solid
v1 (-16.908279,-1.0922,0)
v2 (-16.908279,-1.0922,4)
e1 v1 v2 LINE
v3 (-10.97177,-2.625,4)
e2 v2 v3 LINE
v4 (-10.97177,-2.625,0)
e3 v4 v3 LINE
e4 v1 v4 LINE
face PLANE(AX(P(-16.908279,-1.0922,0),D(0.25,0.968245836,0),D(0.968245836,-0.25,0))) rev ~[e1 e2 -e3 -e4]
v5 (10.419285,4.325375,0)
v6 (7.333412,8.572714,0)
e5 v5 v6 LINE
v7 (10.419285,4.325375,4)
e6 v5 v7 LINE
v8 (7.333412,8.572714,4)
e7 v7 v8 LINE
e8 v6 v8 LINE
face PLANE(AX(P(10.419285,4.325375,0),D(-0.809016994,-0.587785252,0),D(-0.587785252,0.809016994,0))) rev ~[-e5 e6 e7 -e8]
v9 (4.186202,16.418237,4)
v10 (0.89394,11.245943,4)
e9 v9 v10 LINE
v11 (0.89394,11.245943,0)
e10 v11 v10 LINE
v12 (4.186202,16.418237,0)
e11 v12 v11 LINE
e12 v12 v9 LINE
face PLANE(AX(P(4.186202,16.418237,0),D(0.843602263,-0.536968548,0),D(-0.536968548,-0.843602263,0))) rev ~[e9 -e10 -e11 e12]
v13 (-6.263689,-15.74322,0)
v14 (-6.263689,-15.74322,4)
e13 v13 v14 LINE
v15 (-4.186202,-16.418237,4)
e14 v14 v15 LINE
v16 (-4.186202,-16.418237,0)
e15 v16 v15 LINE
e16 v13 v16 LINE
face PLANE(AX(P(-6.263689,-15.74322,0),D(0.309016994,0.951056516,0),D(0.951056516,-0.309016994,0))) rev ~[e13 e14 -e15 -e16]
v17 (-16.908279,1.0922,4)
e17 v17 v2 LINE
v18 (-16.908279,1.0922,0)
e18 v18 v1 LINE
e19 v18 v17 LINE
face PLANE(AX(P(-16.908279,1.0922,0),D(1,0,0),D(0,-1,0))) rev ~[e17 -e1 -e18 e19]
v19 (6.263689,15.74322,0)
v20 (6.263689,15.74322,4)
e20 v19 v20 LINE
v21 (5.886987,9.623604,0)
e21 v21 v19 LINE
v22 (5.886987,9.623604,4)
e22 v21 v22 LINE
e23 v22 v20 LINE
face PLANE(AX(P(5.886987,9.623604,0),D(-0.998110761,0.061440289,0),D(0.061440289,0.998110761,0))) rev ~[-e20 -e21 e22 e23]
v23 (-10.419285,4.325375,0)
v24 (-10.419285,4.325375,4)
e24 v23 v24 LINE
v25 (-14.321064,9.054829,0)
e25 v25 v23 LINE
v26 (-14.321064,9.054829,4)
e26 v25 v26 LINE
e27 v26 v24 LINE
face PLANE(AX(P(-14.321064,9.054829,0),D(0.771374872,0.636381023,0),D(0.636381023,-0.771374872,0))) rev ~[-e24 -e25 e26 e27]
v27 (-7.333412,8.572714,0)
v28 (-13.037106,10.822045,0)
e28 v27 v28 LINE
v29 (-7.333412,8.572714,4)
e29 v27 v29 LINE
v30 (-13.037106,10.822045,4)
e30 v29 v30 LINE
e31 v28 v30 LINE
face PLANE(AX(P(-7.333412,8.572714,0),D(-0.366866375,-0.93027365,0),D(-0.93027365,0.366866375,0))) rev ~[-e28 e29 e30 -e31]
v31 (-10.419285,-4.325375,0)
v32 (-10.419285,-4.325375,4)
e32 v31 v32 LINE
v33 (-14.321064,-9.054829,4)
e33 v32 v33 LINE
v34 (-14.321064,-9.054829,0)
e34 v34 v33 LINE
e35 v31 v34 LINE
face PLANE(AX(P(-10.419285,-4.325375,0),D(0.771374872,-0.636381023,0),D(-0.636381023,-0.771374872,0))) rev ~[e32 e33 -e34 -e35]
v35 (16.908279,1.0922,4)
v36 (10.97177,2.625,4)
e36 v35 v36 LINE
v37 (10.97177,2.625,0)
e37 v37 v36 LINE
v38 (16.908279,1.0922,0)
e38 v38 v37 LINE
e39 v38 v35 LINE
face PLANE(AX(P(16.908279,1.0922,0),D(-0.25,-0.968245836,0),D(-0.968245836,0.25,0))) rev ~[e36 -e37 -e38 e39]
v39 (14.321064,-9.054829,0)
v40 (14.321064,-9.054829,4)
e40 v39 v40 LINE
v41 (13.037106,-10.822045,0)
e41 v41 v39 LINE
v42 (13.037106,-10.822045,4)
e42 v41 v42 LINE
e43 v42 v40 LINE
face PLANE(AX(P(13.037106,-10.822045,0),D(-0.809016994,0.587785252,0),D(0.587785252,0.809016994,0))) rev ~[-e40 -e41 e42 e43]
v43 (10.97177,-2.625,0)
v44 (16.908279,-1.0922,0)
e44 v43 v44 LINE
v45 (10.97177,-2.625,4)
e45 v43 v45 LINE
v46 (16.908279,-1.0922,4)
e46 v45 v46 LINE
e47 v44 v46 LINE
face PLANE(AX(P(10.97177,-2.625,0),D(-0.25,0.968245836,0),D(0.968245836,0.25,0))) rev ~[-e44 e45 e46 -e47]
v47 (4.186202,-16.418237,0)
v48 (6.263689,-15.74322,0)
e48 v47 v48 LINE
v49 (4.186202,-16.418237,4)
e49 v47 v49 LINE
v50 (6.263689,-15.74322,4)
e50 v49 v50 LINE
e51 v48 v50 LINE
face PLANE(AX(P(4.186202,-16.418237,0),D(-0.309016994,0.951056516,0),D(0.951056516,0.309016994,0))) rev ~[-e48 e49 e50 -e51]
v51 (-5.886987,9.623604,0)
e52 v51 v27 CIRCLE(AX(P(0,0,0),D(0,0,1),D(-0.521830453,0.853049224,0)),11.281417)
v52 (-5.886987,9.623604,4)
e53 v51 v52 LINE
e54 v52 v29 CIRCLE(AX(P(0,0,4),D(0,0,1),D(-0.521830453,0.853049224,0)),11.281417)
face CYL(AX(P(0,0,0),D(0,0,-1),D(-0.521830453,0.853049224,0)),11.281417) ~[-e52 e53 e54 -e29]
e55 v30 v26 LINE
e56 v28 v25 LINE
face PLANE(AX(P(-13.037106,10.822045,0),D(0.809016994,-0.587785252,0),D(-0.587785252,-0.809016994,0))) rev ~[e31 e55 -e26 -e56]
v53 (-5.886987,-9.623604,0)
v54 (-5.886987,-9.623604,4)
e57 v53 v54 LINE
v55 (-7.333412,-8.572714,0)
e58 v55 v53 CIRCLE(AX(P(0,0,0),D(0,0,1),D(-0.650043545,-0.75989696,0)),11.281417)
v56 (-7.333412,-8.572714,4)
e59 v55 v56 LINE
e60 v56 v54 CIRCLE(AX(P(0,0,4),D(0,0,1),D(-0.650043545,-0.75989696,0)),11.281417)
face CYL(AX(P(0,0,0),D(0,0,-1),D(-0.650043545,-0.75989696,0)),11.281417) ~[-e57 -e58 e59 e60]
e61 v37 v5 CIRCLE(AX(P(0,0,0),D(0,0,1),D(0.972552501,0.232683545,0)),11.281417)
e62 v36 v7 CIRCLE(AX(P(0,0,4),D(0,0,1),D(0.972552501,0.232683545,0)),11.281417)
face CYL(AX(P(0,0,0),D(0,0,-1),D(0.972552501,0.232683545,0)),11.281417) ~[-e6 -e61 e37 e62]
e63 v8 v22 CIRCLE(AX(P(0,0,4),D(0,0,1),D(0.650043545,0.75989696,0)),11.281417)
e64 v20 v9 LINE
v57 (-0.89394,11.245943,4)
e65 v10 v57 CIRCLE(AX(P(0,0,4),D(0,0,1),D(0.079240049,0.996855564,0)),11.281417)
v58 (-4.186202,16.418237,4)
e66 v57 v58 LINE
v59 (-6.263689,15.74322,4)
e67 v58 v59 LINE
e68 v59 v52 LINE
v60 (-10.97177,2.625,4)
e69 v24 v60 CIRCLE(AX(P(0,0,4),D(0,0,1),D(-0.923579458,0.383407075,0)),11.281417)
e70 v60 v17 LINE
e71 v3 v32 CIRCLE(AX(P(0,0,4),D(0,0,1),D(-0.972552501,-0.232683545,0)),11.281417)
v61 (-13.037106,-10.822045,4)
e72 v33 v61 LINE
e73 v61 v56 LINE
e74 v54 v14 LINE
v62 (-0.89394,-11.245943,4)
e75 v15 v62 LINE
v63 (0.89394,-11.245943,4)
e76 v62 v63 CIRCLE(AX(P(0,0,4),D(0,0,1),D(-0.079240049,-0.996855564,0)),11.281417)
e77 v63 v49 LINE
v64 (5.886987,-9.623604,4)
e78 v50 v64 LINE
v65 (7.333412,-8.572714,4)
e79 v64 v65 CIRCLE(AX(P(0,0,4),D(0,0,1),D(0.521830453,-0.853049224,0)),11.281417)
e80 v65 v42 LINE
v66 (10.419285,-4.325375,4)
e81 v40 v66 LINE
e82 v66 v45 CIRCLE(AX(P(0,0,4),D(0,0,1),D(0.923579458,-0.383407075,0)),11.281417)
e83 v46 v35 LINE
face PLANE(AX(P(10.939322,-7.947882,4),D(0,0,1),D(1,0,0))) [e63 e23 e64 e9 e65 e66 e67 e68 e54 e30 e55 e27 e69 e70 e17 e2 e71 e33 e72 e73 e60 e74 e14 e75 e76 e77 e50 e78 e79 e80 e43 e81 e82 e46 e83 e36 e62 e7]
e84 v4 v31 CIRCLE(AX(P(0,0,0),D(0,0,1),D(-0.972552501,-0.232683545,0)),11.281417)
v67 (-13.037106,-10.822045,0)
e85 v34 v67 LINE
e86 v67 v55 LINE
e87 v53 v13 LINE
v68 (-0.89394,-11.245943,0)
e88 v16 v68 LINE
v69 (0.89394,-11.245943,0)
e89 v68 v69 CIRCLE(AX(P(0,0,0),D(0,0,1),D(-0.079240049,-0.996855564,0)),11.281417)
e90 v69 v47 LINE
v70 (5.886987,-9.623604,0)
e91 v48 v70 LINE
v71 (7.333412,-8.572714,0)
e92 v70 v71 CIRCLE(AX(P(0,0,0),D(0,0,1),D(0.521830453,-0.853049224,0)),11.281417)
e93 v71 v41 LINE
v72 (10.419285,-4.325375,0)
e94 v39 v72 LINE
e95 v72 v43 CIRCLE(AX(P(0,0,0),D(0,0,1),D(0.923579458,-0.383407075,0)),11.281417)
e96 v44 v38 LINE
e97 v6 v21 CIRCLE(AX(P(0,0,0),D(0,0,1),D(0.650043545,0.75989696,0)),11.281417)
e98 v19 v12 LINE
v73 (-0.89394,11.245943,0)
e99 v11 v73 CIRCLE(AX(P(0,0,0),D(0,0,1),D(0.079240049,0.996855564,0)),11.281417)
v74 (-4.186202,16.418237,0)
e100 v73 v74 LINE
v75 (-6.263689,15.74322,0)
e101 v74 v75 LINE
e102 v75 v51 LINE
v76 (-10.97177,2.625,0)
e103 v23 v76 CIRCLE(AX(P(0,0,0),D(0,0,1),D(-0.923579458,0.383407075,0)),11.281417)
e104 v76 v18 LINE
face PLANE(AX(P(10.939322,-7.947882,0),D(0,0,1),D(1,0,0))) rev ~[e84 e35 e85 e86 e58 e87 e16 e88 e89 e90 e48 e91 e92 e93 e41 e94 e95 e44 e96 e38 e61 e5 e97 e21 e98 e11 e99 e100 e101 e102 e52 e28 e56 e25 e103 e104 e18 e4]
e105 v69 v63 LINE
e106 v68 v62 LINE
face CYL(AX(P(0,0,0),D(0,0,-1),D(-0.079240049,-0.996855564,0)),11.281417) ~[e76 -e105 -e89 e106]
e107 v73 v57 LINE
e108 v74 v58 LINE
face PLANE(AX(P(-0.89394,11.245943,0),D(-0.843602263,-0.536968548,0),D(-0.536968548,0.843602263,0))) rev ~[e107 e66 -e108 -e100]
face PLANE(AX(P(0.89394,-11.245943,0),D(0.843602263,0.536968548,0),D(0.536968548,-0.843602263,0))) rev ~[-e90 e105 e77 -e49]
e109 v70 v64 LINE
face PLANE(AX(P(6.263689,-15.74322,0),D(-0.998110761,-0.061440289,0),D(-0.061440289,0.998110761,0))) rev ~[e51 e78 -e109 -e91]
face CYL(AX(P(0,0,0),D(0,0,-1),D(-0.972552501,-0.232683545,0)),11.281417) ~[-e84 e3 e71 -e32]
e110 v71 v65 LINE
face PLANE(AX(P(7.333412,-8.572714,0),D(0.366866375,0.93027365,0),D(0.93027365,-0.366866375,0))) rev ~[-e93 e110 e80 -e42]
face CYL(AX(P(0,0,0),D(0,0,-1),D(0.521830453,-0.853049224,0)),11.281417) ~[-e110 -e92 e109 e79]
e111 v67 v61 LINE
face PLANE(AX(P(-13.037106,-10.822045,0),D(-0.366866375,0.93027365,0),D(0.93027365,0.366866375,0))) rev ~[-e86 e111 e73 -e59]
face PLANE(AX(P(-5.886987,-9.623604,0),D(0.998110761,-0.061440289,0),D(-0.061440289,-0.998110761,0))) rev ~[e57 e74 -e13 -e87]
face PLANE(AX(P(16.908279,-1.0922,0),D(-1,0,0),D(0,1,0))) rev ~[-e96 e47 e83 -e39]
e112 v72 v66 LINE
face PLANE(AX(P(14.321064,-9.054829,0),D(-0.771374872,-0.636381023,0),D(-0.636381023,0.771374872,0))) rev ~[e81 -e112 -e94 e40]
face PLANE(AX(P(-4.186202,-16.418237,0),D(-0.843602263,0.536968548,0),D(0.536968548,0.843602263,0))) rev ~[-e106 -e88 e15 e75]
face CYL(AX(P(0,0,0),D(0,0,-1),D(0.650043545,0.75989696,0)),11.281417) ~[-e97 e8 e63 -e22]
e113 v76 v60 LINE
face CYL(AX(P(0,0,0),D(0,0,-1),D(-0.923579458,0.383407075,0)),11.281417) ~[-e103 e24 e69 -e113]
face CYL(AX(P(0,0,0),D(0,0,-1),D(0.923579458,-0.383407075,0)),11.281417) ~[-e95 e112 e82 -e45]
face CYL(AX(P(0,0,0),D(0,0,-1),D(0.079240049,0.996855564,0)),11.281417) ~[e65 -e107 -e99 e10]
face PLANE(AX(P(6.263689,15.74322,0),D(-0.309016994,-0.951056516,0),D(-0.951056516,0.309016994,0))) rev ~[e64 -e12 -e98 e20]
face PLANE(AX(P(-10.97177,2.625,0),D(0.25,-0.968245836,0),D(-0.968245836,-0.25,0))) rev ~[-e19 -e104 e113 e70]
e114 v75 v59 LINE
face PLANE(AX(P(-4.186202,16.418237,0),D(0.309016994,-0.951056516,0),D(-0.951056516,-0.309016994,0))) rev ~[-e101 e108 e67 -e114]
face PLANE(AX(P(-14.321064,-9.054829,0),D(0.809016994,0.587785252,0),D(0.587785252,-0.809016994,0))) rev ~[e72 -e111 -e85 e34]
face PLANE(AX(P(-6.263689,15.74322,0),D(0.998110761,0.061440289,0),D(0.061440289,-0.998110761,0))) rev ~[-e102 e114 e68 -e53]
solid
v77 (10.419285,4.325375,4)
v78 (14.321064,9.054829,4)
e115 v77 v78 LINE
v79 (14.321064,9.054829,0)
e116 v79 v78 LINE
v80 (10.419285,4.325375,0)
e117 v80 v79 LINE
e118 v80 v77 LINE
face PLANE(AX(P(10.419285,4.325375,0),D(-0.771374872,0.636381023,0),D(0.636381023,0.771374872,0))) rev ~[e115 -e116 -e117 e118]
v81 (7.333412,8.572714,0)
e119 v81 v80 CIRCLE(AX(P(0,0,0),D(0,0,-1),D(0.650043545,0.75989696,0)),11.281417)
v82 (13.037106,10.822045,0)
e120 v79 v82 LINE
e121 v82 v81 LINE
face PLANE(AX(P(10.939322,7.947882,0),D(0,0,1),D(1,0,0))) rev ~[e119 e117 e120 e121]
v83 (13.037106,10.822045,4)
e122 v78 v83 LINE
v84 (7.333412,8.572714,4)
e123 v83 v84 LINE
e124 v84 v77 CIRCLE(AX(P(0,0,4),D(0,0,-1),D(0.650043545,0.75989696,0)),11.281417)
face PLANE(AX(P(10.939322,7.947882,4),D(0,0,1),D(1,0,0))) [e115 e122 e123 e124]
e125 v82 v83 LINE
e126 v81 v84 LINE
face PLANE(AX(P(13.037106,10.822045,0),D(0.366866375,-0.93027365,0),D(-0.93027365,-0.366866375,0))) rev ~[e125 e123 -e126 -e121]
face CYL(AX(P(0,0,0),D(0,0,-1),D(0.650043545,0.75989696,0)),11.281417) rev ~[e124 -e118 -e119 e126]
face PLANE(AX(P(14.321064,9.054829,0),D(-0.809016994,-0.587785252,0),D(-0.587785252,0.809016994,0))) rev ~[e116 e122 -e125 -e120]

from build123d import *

# Parameters (mm, degrees)
F1_DEPTH = 4


with BuildPart() as f1:
    # F0 (on Top) → F1 (new body)
    with BuildSketch(Plane.XY):
        with BuildLine():
            Line((14.321063915, -9.0548285355), (10.419284589, -4.3253749244))
            ThreePointArc((10.419284589, -4.3253749244), (9.126857717, -6.6310502785), (7.3334120145, -8.5727141448))
            Line((7.3334120145, -8.5727141448), (13.0371058099, -10.822045258))
            Line((13.0371058099, -10.822045258), (14.321063915, -9.0548285355))
        make_face()
        with BuildLine():
            ThreePointArc((10.9717698929, -2.625), (11.2037374598, -1.3215999828), (11.2814165592, 0))
            ThreePointArc((11.2814165592, 0), (11.2037374598, 1.3215999828), (10.9717698929, 2.625))
            ThreePointArc((10.9717698929, 2.625), (10.7292647317, 3.4861494374), (10.419284589, 4.3253749244))
            Line((10.419284589, 4.3253749244), (7.3334120145, 8.5727141448))
            ThreePointArc((7.3334120145, 8.5727141448), (6.6310502785, 9.126857717), (5.8869867105, 9.6236036417))
            ThreePointArc((5.8869867105, 9.6236036417), (3.4861494374, 10.7292647317), (0.89394, 11.2459428622))
            ThreePointArc((0.89394, 11.2459428622), (0, 11.2814165592), (-0.89394, 11.2459428622))
            ThreePointArc((-0.89394, 11.2459428622), (-3.4861494374, 10.7292647317), (-5.8869867105, 9.6236036417))
            ThreePointArc((-5.8869867105, 9.6236036417), (-6.6310502785, 9.126857717), (-7.3334120145, 8.5727141448))
            ThreePointArc((-7.3334120145, 8.5727141448), (-9.126857717, 6.6310502785), (-10.419284589, 4.3253749244))
            ThreePointArc((-10.419284589, 4.3253749244), (-10.7292647317, 3.4861494374), (-10.9717698929, 2.625))
            ThreePointArc((-10.9717698929, 2.625), (-11.2814165592, 0), (-10.9717698929, -2.625))
            ThreePointArc((-10.9717698929, -2.625), (-10.7292647317, -3.4861494374), (-10.419284589, -4.3253749244))
            ThreePointArc((-10.419284589, -4.3253749244), (-9.126857717, -6.6310502785), (-7.3334120145, -8.5727141448))
            ThreePointArc((-7.3334120145, -8.5727141448), (-6.6310502785, -9.126857717), (-5.8869867105, -9.6236036417))
            ThreePointArc((-5.8869867105, -9.6236036417), (-3.4861494374, -10.7292647317), (-0.89394, -11.2459428622))
            ThreePointArc((-0.89394, -11.2459428622), (0, -11.2814165592), (0.89394, -11.2459428622))
            ThreePointArc((0.89394, -11.2459428622), (3.4861494374, -10.7292647317), (5.8869867105, -9.6236036417))
            ThreePointArc((5.8869867105, -9.6236036417), (6.6310502785, -9.126857717), (7.3334120145, -8.5727141448))
            ThreePointArc((7.3334120145, -8.5727141448), (9.126857717, -6.6310502785), (10.419284589, -4.3253749244))
            ThreePointArc((10.419284589, -4.3253749244), (10.7292647317, -3.4861494374), (10.9717698929, -2.625))
        make_face()
        with BuildLine():
            ThreePointArc((10.9717698929, 2.625), (11.2037374598, 1.3215999828), (11.2814165592, 0))
            ThreePointArc((11.2814165592, 0), (11.2037374598, -1.3215999828), (10.9717698929, -2.625))
            Line((10.9717698929, -2.625), (16.9082787599, -1.0922))
            Line((16.9082787599, -1.0922), (16.9082787599, 1.0922))
            Line((16.9082787599, 1.0922), (10.9717698929, 2.625))
        make_face()
        with BuildLine():
            ThreePointArc((0.89394, 11.2459428622), (3.4861494374, 10.7292647317), (5.8869867105, 9.6236036417))
            Line((5.8869867105, 9.6236036417), (6.2636894095, 15.7432203327))
            Line((6.2636894095, 15.7432203327), (4.1862015554, 16.4182370552))
            Line((4.1862015554, 16.4182370552), (0.89394, 11.2459428622))
        make_face()
        with BuildLine():
            ThreePointArc((-5.8869867105, 9.6236036417), (-3.4861494374, 10.7292647317), (-0.89394, 11.2459428622))
            Line((-0.89394, 11.2459428622), (-4.1862015554, 16.4182370552))
            Line((-4.1862015554, 16.4182370552), (-6.2636894095, 15.7432203327))
            Line((-6.2636894095, 15.7432203327), (-5.8869867105, 9.6236036417))
        make_face()
        with BuildLine():
            Line((6.2636894095, -15.7432203327), (5.8869867105, -9.6236036417))
            ThreePointArc((5.8869867105, -9.6236036417), (3.4861494374, -10.7292647317), (0.89394, -11.2459428622))
            Line((0.89394, -11.2459428622), (4.1862015554, -16.4182370552))
            Line((4.1862015554, -16.4182370552), (6.2636894095, -15.7432203327))
        make_face()
        with BuildLine():
            Line((-4.1862015554, -16.4182370552), (-0.89394, -11.2459428622))
            ThreePointArc((-0.89394, -11.2459428622), (-3.4861494374, -10.7292647317), (-5.8869867105, -9.6236036417))
            Line((-5.8869867105, -9.6236036417), (-6.2636894095, -15.7432203327))
            Line((-6.2636894095, -15.7432203327), (-4.1862015554, -16.4182370552))
        make_face()
        with BuildLine():
            Line((-13.0371058099, -10.822045258), (-7.3334120145, -8.5727141448))
            ThreePointArc((-7.3334120145, -8.5727141448), (-9.126857717, -6.6310502785), (-10.419284589, -4.3253749244))
            Line((-10.419284589, -4.3253749244), (-14.321063915, -9.0548285355))
            Line((-14.321063915, -9.0548285355), (-13.0371058099, -10.822045258))
        make_face()
        with BuildLine():
            ThreePointArc((-10.9717698929, -2.625), (-11.2814165592, 0), (-10.9717698929, 2.625))
            Line((-10.9717698929, 2.625), (-16.9082787599, 1.0922))
            Line((-16.9082787599, 1.0922), (-16.9082787599, -1.0922))
            Line((-16.9082787599, -1.0922), (-10.9717698929, -2.625))
        make_face()
        with BuildLine():
            ThreePointArc((-10.419284589, 4.3253749244), (-9.126857717, 6.6310502785), (-7.3334120145, 8.5727141448))
            Line((-7.3334120145, 8.5727141448), (-13.0371058099, 10.822045258))
            Line((-13.0371058099, 10.822045258), (-14.321063915, 9.0548285355))
            Line((-14.321063915, 9.0548285355), (-10.419284589, 4.3253749244))
        make_face()
    extrude(amount=F1_DEPTH)


with BuildPart() as f1b:
    # F0 (on Top) → F1, piece 2 (new body)
    with BuildSketch(Plane.XY):
        with BuildLine():
            ThreePointArc((7.3334120145, 8.5727141448), (9.126857717, 6.6310502785), (10.419284589, 4.3253749244))
            Line((10.419284589, 4.3253749244), (14.321063915, 9.0548285355))
            Line((14.321063915, 9.0548285355), (13.0371058099, 10.822045258))
            Line((13.0371058099, 10.822045258), (7.3334120145, 8.5727141448))
        make_face()
    extrude(amount=F1_DEPTH)


solid = Compound([f1.part, f1b.part])
